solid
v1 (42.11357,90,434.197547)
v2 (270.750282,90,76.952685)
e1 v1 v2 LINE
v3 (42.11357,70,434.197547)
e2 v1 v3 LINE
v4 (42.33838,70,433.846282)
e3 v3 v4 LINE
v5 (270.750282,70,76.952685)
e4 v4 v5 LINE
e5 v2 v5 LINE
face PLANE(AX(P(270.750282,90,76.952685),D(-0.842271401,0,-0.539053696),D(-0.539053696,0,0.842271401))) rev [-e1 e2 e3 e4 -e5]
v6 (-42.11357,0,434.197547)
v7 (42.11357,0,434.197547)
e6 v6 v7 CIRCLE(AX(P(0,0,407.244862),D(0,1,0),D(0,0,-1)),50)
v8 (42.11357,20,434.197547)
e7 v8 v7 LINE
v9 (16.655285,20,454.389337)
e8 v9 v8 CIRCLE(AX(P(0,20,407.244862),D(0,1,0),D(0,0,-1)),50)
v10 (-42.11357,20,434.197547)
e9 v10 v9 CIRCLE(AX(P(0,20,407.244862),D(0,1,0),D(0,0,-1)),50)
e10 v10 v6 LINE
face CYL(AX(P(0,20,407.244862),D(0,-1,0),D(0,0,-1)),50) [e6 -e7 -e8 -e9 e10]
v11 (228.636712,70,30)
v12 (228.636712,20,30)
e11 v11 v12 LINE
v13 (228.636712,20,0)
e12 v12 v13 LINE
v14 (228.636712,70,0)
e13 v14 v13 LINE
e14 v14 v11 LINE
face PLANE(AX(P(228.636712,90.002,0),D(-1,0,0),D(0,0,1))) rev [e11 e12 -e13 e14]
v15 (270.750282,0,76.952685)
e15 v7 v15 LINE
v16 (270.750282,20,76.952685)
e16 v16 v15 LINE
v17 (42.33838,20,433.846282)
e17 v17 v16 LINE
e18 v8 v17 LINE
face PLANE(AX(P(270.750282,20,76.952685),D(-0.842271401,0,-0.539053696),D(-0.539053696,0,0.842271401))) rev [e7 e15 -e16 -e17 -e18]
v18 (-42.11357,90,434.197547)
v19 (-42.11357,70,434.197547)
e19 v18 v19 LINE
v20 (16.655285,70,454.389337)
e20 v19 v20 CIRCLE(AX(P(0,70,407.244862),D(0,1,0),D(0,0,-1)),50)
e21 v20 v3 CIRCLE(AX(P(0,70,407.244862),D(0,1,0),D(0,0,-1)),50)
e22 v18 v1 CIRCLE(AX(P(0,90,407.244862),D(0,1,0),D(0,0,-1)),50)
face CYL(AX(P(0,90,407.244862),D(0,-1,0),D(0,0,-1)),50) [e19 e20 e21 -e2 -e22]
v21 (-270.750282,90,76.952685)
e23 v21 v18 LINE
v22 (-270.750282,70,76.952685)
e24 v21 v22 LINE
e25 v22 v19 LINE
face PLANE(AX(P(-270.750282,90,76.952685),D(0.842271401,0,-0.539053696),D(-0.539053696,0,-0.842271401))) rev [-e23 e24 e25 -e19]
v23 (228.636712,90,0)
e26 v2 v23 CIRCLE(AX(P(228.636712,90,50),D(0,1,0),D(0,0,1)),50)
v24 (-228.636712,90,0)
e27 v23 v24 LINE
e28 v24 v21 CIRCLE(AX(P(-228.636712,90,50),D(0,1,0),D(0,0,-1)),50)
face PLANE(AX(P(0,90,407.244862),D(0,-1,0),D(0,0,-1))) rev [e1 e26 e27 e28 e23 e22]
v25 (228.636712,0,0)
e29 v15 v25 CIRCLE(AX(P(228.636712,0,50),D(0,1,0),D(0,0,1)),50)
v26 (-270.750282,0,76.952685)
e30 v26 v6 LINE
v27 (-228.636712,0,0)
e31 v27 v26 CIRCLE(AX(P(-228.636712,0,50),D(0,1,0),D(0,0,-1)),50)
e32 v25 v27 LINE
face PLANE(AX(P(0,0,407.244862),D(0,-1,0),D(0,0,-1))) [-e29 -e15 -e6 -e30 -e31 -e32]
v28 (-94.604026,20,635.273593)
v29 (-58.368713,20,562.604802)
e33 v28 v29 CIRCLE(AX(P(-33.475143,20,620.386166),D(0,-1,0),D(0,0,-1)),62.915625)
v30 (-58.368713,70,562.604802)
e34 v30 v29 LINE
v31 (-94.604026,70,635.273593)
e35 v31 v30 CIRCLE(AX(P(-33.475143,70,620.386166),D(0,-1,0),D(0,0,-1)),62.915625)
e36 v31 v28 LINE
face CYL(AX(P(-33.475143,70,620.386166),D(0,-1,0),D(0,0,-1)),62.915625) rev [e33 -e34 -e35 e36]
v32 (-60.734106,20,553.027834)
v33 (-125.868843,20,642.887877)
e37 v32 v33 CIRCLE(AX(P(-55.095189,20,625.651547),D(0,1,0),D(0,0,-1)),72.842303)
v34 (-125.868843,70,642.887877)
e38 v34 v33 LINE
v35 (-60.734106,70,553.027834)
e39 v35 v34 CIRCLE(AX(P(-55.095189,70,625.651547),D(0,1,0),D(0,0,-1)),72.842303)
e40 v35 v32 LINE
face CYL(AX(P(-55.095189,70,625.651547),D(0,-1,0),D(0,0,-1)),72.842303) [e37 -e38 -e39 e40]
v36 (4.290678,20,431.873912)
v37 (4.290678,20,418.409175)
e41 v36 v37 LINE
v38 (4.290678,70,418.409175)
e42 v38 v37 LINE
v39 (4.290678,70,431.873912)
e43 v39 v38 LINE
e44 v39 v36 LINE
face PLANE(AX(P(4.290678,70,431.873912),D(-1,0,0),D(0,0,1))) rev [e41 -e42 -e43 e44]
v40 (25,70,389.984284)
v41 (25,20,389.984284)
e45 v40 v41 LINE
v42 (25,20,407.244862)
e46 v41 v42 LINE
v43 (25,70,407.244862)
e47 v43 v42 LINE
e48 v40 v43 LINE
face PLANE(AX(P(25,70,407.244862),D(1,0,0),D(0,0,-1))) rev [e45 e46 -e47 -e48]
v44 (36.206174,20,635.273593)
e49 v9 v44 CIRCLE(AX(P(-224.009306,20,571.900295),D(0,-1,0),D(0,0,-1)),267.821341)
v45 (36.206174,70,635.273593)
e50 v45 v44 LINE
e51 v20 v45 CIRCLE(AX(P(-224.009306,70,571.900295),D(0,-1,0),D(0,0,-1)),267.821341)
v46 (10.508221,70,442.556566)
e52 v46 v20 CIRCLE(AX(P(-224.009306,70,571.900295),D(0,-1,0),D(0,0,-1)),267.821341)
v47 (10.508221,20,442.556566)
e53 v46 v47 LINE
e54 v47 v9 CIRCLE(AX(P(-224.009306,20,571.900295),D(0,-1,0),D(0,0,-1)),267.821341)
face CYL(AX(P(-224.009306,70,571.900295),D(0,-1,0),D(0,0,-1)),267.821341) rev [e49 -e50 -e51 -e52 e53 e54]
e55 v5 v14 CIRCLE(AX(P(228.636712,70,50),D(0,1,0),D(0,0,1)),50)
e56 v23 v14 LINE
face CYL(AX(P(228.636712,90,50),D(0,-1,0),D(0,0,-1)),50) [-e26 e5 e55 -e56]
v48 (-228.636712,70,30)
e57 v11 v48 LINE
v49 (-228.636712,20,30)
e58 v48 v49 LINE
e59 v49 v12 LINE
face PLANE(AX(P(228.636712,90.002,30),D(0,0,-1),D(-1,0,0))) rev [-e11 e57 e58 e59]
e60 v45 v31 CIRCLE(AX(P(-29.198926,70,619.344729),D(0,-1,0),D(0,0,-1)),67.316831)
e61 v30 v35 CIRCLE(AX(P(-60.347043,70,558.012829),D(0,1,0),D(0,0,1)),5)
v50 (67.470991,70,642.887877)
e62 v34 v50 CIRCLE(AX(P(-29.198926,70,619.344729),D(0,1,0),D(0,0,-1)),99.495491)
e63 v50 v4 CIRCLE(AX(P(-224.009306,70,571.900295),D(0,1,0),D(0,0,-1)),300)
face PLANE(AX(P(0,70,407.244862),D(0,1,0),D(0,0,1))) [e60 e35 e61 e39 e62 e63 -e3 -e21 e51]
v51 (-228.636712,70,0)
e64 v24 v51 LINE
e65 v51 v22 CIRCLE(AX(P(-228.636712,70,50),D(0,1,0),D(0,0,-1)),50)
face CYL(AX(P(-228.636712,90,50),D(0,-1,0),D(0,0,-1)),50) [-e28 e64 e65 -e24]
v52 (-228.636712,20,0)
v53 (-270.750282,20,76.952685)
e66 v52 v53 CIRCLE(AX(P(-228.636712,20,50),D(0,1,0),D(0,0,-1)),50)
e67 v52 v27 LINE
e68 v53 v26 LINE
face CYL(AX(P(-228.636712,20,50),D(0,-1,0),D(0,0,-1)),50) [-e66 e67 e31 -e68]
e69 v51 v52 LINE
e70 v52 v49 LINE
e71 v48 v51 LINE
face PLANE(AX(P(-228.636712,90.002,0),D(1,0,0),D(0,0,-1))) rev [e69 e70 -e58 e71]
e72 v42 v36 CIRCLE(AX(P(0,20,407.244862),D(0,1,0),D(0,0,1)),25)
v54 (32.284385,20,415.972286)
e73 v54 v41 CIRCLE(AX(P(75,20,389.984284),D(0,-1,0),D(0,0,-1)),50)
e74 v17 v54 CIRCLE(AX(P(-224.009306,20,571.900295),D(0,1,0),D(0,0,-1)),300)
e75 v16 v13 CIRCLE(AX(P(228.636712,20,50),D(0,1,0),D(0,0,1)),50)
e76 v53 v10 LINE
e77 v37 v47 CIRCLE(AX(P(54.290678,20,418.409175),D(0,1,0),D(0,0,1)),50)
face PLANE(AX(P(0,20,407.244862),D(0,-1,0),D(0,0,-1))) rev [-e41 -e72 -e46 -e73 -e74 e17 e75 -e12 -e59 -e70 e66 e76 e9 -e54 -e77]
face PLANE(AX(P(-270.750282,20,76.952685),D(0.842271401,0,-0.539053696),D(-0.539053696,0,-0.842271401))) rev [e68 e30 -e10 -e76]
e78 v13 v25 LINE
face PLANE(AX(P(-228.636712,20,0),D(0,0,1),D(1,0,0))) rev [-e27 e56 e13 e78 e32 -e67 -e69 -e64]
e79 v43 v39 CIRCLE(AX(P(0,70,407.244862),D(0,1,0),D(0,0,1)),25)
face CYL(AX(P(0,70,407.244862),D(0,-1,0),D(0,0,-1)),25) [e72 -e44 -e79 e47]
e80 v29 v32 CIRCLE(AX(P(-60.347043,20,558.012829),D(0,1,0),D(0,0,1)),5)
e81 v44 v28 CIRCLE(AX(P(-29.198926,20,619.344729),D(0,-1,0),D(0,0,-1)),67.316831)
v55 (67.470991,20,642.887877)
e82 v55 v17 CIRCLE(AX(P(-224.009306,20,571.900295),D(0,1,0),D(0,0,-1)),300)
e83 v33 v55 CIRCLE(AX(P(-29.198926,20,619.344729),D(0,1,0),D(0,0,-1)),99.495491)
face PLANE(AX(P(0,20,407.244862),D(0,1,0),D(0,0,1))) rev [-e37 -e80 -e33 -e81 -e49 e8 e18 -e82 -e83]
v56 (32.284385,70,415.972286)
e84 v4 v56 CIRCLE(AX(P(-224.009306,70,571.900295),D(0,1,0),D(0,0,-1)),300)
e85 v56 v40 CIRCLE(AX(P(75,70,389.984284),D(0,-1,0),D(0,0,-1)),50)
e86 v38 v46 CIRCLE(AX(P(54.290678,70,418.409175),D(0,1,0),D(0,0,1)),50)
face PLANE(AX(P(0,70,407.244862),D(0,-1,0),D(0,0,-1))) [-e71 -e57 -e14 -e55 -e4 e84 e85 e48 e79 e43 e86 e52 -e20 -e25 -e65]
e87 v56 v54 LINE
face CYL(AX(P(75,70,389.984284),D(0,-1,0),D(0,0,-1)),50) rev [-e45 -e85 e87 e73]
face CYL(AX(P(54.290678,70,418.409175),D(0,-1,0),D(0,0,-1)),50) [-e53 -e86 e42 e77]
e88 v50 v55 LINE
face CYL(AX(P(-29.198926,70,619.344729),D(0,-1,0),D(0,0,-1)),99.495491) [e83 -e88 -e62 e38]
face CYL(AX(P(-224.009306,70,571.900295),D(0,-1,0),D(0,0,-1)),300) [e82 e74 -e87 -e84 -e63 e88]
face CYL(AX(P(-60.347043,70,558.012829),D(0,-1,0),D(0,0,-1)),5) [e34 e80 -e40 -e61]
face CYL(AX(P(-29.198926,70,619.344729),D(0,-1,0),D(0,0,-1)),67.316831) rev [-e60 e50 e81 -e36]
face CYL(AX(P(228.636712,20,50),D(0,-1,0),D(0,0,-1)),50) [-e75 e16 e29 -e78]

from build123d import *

# Parameters (mm, degrees)
BOSS_EXTRUDE1_DEPTH = 20
BOSS_EXTRUDE2_DEPTH = 50
LPATTERN1_COUNT     = 2
LPATTERN1_PITCH     = 70
BOSS_EXTRUDE3_REACH = 776.125
SKETCH3_W           = 457.273423362
SKETCH3_H           = 30


with BuildPart() as part:
    # Sketch1 → Boss-Extrude1 (new body)
    with BuildSketch(Plane(origin=(0, 0, 0), x_dir=(1, 0, 0), z_dir=(0, 1, 0))):
        with BuildLine():
            Line((-228.636711681, 0), (228.636711681, 0))
            ThreePointArc((228.636711681, 0), (272.498051384, -25.996190313), (270.750281714, -76.952684821))
            Line((270.750281714, -76.952684821), (42.113570033, -434.197546823))
            ThreePointArc((42.113570033, -434.197546823), (0, -457.244862002), (-42.113570033, -434.197546823))
            Line((-42.113570033, -434.197546823), (-270.750281714, -76.952684821))
            ThreePointArc((-270.750281714, -76.952684821), (-272.498051384, -25.996190313), (-228.636711681, 0))
        make_face()
    boss_extrude1 = extrude(amount=BOSS_EXTRUDE1_DEPTH)

    # Sketch2 → Boss-Extrude2 (add)
    with BuildSketch(Plane(origin=(0, 20, 0), x_dir=(1, 0, 0), z_dir=(0, 1, 0))):
        with BuildLine():
            Line((25, -407.244862002), (25, -389.984284025))
            ThreePointArc((25, -389.984284025), (26.855525993, -403.479083858), (32.284384902, -415.972285617))
            ThreePointArc((32.284384902, -415.972285617), (72.447700685, -525.93026828), (67.470990768, -642.887877029))
            ThreePointArc((67.470990768, -642.887877029), (-29.198926208, -718.840220009), (-125.868843184, -642.887877029))
            ThreePointArc((-125.868843184, -642.887877029), (-114.073381051, -582.901412142), (-60.734106459, -553.027833807))
            ThreePointArc((-60.734106459, -553.027833807), (-55.492909619, -556.813918342), (-58.368713355, -562.604801979))
            ThreePointArc((-58.368713355, -562.604801979), (-89.779262863, -592.310875601), (-94.604026186, -635.273593035))
            ThreePointArc((-94.604026186, -635.273593035), (-29.198926208, -686.661560891), (36.20617377, -635.273593035))
            ThreePointArc((36.20617377, -635.273593035), (41.462255839, -536.500850943), (10.508220975, -442.556565834))
            ThreePointArc((10.508220975, -442.556565834), (5.87000649, -430.876676247), (4.290677946, -418.409175466))
            Line((4.290677946, -418.409175466), (4.290677946, -431.873911573))
            ThreePointArc((4.290677946, -431.873911573), (-19.134614559, -391.155532443), (25, -407.244862002))
        make_face()
    extrude(amount=BOSS_EXTRUDE2_DEPTH)

    # LPattern1: Boss-Extrude1 ×2
    with Locations(*[(0, i * LPATTERN1_PITCH, 0) for i in range(1, LPATTERN1_COUNT)]):
        add(boss_extrude1)

    # Sketch3 → Boss-Extrude3 (add, up to next)
    with BuildSketch(Plane(origin=(0, 20, 0), x_dir=(1, 0, 0), z_dir=(0, 1, 0)), mode=Mode.PRIVATE) as boss_extrude3_sk1:
        with Locations((0, -15)):
            Rectangle(SKETCH3_W, SKETCH3_H)
    boss_extrude3_tool1 = extrude(boss_extrude3_sk1.sketch, amount=BOSS_EXTRUDE3_REACH, mode=Mode.PRIVATE) - part.part
    add(boss_extrude3_tool1.solids().sort_by_distance((0, 20, 15))[0])


solid = part.part
